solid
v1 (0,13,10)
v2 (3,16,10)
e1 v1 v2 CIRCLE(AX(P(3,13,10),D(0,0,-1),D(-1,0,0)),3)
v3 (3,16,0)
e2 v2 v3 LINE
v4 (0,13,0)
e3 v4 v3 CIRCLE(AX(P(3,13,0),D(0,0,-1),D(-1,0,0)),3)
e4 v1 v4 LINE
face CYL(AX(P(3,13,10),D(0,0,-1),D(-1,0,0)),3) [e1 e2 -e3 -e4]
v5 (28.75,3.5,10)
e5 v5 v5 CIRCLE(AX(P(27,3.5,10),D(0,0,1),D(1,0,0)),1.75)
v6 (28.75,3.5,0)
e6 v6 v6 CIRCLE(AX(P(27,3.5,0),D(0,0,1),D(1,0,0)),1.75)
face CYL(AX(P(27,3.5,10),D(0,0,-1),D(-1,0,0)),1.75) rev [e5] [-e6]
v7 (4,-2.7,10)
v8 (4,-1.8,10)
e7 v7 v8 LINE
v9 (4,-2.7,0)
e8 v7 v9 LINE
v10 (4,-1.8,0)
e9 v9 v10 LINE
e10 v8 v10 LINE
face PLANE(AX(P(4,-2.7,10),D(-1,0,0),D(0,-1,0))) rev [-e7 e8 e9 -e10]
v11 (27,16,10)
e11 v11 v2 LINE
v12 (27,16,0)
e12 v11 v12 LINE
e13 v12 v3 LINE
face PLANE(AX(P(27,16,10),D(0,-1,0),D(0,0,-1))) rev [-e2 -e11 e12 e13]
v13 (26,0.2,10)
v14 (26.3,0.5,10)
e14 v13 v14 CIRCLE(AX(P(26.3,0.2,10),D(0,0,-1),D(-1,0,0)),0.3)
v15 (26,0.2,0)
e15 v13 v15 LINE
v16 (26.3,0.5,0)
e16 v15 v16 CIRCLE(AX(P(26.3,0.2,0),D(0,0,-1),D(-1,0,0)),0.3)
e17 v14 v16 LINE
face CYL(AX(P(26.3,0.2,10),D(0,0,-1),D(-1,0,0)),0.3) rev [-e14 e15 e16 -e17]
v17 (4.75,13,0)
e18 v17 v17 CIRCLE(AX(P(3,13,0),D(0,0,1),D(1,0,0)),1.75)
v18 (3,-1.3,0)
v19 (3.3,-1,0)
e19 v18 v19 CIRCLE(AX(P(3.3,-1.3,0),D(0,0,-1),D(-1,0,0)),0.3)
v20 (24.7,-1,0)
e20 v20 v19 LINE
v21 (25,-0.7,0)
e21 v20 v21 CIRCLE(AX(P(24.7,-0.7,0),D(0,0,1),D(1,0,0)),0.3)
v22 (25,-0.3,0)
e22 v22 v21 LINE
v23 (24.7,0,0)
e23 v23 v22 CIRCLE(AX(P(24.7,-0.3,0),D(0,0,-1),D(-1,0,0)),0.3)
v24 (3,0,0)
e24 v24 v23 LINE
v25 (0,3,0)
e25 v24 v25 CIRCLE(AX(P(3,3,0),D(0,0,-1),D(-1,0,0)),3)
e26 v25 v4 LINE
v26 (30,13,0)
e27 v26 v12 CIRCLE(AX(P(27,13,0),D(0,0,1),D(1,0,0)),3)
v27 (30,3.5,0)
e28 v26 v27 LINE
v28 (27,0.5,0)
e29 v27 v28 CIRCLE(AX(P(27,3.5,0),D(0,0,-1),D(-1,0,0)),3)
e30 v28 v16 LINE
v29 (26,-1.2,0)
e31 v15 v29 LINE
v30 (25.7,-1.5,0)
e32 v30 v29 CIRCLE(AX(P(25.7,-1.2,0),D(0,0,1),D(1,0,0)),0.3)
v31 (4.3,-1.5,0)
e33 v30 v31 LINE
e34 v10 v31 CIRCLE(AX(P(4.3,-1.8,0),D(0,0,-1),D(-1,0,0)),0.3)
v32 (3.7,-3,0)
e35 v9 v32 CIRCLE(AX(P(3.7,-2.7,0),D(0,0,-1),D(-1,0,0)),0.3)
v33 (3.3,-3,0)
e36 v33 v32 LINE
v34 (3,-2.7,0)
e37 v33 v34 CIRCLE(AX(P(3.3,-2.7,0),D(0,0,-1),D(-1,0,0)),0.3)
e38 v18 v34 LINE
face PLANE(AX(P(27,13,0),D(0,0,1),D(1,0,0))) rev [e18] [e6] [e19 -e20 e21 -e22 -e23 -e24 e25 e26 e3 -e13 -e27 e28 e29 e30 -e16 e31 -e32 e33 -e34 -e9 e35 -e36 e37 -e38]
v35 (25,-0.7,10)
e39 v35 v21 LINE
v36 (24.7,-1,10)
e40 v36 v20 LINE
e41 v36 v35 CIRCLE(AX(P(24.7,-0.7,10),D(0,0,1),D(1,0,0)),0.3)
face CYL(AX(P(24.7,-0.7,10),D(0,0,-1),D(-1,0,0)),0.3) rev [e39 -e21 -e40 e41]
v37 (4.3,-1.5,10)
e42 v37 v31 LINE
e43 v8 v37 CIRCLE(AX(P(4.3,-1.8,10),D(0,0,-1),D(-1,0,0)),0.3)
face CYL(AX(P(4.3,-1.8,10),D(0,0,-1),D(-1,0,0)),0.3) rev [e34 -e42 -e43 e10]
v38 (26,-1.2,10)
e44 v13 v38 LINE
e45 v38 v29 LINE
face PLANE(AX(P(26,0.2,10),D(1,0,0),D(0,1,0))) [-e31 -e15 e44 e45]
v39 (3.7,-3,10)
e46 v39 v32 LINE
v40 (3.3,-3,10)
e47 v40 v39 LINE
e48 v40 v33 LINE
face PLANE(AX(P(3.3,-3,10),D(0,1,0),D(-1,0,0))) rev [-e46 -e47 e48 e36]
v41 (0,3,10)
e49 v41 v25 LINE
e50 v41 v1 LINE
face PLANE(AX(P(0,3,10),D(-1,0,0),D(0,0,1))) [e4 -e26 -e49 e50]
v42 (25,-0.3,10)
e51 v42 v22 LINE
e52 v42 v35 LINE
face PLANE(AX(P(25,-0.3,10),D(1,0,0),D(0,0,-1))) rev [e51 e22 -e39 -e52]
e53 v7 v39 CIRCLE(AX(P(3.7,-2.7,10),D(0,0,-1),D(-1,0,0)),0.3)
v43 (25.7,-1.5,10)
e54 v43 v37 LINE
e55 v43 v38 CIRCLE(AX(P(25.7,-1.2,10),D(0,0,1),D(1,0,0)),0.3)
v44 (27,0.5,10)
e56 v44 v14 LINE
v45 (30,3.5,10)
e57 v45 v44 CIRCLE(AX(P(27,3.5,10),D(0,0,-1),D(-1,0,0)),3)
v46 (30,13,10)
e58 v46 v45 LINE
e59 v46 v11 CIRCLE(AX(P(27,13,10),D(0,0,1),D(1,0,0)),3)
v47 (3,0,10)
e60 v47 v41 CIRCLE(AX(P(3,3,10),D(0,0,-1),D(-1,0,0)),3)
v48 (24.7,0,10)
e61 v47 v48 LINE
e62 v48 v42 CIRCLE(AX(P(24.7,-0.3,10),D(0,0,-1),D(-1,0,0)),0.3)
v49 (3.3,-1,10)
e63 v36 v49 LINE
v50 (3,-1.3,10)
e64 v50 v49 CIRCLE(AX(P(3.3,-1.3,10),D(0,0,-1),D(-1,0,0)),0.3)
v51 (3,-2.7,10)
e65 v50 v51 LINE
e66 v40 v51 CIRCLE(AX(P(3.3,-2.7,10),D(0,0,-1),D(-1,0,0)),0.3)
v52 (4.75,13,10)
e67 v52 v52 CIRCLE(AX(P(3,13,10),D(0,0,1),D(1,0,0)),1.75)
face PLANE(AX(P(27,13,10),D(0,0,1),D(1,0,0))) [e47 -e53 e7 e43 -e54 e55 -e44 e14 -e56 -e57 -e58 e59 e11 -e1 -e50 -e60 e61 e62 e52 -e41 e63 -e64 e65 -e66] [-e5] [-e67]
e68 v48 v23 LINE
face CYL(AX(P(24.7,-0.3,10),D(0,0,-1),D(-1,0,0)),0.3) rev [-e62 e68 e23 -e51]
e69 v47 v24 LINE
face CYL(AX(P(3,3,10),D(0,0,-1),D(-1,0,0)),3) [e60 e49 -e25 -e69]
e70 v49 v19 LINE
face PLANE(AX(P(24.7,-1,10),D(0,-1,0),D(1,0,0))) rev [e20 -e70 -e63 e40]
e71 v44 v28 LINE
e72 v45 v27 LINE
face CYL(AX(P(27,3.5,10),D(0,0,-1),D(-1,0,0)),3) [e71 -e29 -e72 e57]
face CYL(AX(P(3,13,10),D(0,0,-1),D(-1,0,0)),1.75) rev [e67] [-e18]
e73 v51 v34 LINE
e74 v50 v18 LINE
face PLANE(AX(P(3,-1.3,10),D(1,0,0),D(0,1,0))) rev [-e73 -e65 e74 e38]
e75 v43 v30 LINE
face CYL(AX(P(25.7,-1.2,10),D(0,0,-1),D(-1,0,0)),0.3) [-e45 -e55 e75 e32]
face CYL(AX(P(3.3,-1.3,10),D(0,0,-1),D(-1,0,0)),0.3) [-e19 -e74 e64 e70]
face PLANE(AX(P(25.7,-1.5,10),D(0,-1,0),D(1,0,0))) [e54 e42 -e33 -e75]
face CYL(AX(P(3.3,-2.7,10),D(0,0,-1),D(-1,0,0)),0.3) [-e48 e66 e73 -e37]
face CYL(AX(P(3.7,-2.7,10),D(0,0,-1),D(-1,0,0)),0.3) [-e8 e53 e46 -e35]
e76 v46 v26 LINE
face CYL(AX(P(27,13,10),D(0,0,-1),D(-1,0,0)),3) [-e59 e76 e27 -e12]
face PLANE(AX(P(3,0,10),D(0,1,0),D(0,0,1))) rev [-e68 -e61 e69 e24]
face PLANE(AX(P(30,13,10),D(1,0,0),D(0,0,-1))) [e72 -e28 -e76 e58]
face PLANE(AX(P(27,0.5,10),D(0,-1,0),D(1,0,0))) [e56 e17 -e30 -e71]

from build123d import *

# Parameters (mm, degrees)
ESQUISSE1_R          = 1.75
BASE_EXTRUSION_DEPTH = 10


with BuildPart() as part:
    # Esquisse1 → Base-Extrusion (new body)
    with BuildSketch(Plane.XY):
        with BuildLine():
            Line((3, 0), (24.7, 0))
            ThreePointArc((24.7, 0), (24.912132034, -0.087867966), (25, -0.3))
            Line((25, -0.3), (25, -0.7))
            ThreePointArc((25, -0.7), (24.912132034, -0.912132034), (24.7, -1))
            Line((24.7, -1), (3.3, -1))
            ThreePointArc((3.3, -1), (3.087867966, -1.087867966), (3, -1.3))
            Line((3, -1.3), (3, -2.7))
            ThreePointArc((3, -2.7), (3.087867966, -2.912132034), (3.3, -3))
            Line((3.3, -3), (3.7, -3))
            ThreePointArc((3.7, -3), (3.912132034, -2.912132034), (4, -2.7))
            Line((4, -2.7), (4, -1.8))
            ThreePointArc((4, -1.8), (4.087867966, -1.587867966), (4.3, -1.5))
            Line((4.3, -1.5), (25.7, -1.5))
            ThreePointArc((25.7, -1.5), (25.912132034, -1.412132034), (26, -1.2))
            Line((26, -1.2), (26, 0.2))
            ThreePointArc((26, 0.2), (26.087867966, 0.412132034), (26.3, 0.5))
            Line((26.3, 0.5), (27, 0.5))
            ThreePointArc((27, 0.5), (29.121320344, 1.378679656), (30, 3.5))
            Line((30, 3.5), (30, 13))
            ThreePointArc((30, 13), (29.121320344, 15.121320344), (27, 16))
            Line((27, 16), (3, 16))
            ThreePointArc((3, 16), (0.878679656, 15.121320344), (0, 13))
            Line((0, 13), (0, 3))
            ThreePointArc((0, 3), (0.878679656, 0.878679656), (3, 0))
        make_face()
        with Locations((3, 13)):
            Circle(ESQUISSE1_R, mode=Mode.SUBTRACT)
        with Locations((27, 3.5)):
            Circle(ESQUISSE1_R, mode=Mode.SUBTRACT)
    extrude(amount=BASE_EXTRUSION_DEPTH)


solid = part.part
